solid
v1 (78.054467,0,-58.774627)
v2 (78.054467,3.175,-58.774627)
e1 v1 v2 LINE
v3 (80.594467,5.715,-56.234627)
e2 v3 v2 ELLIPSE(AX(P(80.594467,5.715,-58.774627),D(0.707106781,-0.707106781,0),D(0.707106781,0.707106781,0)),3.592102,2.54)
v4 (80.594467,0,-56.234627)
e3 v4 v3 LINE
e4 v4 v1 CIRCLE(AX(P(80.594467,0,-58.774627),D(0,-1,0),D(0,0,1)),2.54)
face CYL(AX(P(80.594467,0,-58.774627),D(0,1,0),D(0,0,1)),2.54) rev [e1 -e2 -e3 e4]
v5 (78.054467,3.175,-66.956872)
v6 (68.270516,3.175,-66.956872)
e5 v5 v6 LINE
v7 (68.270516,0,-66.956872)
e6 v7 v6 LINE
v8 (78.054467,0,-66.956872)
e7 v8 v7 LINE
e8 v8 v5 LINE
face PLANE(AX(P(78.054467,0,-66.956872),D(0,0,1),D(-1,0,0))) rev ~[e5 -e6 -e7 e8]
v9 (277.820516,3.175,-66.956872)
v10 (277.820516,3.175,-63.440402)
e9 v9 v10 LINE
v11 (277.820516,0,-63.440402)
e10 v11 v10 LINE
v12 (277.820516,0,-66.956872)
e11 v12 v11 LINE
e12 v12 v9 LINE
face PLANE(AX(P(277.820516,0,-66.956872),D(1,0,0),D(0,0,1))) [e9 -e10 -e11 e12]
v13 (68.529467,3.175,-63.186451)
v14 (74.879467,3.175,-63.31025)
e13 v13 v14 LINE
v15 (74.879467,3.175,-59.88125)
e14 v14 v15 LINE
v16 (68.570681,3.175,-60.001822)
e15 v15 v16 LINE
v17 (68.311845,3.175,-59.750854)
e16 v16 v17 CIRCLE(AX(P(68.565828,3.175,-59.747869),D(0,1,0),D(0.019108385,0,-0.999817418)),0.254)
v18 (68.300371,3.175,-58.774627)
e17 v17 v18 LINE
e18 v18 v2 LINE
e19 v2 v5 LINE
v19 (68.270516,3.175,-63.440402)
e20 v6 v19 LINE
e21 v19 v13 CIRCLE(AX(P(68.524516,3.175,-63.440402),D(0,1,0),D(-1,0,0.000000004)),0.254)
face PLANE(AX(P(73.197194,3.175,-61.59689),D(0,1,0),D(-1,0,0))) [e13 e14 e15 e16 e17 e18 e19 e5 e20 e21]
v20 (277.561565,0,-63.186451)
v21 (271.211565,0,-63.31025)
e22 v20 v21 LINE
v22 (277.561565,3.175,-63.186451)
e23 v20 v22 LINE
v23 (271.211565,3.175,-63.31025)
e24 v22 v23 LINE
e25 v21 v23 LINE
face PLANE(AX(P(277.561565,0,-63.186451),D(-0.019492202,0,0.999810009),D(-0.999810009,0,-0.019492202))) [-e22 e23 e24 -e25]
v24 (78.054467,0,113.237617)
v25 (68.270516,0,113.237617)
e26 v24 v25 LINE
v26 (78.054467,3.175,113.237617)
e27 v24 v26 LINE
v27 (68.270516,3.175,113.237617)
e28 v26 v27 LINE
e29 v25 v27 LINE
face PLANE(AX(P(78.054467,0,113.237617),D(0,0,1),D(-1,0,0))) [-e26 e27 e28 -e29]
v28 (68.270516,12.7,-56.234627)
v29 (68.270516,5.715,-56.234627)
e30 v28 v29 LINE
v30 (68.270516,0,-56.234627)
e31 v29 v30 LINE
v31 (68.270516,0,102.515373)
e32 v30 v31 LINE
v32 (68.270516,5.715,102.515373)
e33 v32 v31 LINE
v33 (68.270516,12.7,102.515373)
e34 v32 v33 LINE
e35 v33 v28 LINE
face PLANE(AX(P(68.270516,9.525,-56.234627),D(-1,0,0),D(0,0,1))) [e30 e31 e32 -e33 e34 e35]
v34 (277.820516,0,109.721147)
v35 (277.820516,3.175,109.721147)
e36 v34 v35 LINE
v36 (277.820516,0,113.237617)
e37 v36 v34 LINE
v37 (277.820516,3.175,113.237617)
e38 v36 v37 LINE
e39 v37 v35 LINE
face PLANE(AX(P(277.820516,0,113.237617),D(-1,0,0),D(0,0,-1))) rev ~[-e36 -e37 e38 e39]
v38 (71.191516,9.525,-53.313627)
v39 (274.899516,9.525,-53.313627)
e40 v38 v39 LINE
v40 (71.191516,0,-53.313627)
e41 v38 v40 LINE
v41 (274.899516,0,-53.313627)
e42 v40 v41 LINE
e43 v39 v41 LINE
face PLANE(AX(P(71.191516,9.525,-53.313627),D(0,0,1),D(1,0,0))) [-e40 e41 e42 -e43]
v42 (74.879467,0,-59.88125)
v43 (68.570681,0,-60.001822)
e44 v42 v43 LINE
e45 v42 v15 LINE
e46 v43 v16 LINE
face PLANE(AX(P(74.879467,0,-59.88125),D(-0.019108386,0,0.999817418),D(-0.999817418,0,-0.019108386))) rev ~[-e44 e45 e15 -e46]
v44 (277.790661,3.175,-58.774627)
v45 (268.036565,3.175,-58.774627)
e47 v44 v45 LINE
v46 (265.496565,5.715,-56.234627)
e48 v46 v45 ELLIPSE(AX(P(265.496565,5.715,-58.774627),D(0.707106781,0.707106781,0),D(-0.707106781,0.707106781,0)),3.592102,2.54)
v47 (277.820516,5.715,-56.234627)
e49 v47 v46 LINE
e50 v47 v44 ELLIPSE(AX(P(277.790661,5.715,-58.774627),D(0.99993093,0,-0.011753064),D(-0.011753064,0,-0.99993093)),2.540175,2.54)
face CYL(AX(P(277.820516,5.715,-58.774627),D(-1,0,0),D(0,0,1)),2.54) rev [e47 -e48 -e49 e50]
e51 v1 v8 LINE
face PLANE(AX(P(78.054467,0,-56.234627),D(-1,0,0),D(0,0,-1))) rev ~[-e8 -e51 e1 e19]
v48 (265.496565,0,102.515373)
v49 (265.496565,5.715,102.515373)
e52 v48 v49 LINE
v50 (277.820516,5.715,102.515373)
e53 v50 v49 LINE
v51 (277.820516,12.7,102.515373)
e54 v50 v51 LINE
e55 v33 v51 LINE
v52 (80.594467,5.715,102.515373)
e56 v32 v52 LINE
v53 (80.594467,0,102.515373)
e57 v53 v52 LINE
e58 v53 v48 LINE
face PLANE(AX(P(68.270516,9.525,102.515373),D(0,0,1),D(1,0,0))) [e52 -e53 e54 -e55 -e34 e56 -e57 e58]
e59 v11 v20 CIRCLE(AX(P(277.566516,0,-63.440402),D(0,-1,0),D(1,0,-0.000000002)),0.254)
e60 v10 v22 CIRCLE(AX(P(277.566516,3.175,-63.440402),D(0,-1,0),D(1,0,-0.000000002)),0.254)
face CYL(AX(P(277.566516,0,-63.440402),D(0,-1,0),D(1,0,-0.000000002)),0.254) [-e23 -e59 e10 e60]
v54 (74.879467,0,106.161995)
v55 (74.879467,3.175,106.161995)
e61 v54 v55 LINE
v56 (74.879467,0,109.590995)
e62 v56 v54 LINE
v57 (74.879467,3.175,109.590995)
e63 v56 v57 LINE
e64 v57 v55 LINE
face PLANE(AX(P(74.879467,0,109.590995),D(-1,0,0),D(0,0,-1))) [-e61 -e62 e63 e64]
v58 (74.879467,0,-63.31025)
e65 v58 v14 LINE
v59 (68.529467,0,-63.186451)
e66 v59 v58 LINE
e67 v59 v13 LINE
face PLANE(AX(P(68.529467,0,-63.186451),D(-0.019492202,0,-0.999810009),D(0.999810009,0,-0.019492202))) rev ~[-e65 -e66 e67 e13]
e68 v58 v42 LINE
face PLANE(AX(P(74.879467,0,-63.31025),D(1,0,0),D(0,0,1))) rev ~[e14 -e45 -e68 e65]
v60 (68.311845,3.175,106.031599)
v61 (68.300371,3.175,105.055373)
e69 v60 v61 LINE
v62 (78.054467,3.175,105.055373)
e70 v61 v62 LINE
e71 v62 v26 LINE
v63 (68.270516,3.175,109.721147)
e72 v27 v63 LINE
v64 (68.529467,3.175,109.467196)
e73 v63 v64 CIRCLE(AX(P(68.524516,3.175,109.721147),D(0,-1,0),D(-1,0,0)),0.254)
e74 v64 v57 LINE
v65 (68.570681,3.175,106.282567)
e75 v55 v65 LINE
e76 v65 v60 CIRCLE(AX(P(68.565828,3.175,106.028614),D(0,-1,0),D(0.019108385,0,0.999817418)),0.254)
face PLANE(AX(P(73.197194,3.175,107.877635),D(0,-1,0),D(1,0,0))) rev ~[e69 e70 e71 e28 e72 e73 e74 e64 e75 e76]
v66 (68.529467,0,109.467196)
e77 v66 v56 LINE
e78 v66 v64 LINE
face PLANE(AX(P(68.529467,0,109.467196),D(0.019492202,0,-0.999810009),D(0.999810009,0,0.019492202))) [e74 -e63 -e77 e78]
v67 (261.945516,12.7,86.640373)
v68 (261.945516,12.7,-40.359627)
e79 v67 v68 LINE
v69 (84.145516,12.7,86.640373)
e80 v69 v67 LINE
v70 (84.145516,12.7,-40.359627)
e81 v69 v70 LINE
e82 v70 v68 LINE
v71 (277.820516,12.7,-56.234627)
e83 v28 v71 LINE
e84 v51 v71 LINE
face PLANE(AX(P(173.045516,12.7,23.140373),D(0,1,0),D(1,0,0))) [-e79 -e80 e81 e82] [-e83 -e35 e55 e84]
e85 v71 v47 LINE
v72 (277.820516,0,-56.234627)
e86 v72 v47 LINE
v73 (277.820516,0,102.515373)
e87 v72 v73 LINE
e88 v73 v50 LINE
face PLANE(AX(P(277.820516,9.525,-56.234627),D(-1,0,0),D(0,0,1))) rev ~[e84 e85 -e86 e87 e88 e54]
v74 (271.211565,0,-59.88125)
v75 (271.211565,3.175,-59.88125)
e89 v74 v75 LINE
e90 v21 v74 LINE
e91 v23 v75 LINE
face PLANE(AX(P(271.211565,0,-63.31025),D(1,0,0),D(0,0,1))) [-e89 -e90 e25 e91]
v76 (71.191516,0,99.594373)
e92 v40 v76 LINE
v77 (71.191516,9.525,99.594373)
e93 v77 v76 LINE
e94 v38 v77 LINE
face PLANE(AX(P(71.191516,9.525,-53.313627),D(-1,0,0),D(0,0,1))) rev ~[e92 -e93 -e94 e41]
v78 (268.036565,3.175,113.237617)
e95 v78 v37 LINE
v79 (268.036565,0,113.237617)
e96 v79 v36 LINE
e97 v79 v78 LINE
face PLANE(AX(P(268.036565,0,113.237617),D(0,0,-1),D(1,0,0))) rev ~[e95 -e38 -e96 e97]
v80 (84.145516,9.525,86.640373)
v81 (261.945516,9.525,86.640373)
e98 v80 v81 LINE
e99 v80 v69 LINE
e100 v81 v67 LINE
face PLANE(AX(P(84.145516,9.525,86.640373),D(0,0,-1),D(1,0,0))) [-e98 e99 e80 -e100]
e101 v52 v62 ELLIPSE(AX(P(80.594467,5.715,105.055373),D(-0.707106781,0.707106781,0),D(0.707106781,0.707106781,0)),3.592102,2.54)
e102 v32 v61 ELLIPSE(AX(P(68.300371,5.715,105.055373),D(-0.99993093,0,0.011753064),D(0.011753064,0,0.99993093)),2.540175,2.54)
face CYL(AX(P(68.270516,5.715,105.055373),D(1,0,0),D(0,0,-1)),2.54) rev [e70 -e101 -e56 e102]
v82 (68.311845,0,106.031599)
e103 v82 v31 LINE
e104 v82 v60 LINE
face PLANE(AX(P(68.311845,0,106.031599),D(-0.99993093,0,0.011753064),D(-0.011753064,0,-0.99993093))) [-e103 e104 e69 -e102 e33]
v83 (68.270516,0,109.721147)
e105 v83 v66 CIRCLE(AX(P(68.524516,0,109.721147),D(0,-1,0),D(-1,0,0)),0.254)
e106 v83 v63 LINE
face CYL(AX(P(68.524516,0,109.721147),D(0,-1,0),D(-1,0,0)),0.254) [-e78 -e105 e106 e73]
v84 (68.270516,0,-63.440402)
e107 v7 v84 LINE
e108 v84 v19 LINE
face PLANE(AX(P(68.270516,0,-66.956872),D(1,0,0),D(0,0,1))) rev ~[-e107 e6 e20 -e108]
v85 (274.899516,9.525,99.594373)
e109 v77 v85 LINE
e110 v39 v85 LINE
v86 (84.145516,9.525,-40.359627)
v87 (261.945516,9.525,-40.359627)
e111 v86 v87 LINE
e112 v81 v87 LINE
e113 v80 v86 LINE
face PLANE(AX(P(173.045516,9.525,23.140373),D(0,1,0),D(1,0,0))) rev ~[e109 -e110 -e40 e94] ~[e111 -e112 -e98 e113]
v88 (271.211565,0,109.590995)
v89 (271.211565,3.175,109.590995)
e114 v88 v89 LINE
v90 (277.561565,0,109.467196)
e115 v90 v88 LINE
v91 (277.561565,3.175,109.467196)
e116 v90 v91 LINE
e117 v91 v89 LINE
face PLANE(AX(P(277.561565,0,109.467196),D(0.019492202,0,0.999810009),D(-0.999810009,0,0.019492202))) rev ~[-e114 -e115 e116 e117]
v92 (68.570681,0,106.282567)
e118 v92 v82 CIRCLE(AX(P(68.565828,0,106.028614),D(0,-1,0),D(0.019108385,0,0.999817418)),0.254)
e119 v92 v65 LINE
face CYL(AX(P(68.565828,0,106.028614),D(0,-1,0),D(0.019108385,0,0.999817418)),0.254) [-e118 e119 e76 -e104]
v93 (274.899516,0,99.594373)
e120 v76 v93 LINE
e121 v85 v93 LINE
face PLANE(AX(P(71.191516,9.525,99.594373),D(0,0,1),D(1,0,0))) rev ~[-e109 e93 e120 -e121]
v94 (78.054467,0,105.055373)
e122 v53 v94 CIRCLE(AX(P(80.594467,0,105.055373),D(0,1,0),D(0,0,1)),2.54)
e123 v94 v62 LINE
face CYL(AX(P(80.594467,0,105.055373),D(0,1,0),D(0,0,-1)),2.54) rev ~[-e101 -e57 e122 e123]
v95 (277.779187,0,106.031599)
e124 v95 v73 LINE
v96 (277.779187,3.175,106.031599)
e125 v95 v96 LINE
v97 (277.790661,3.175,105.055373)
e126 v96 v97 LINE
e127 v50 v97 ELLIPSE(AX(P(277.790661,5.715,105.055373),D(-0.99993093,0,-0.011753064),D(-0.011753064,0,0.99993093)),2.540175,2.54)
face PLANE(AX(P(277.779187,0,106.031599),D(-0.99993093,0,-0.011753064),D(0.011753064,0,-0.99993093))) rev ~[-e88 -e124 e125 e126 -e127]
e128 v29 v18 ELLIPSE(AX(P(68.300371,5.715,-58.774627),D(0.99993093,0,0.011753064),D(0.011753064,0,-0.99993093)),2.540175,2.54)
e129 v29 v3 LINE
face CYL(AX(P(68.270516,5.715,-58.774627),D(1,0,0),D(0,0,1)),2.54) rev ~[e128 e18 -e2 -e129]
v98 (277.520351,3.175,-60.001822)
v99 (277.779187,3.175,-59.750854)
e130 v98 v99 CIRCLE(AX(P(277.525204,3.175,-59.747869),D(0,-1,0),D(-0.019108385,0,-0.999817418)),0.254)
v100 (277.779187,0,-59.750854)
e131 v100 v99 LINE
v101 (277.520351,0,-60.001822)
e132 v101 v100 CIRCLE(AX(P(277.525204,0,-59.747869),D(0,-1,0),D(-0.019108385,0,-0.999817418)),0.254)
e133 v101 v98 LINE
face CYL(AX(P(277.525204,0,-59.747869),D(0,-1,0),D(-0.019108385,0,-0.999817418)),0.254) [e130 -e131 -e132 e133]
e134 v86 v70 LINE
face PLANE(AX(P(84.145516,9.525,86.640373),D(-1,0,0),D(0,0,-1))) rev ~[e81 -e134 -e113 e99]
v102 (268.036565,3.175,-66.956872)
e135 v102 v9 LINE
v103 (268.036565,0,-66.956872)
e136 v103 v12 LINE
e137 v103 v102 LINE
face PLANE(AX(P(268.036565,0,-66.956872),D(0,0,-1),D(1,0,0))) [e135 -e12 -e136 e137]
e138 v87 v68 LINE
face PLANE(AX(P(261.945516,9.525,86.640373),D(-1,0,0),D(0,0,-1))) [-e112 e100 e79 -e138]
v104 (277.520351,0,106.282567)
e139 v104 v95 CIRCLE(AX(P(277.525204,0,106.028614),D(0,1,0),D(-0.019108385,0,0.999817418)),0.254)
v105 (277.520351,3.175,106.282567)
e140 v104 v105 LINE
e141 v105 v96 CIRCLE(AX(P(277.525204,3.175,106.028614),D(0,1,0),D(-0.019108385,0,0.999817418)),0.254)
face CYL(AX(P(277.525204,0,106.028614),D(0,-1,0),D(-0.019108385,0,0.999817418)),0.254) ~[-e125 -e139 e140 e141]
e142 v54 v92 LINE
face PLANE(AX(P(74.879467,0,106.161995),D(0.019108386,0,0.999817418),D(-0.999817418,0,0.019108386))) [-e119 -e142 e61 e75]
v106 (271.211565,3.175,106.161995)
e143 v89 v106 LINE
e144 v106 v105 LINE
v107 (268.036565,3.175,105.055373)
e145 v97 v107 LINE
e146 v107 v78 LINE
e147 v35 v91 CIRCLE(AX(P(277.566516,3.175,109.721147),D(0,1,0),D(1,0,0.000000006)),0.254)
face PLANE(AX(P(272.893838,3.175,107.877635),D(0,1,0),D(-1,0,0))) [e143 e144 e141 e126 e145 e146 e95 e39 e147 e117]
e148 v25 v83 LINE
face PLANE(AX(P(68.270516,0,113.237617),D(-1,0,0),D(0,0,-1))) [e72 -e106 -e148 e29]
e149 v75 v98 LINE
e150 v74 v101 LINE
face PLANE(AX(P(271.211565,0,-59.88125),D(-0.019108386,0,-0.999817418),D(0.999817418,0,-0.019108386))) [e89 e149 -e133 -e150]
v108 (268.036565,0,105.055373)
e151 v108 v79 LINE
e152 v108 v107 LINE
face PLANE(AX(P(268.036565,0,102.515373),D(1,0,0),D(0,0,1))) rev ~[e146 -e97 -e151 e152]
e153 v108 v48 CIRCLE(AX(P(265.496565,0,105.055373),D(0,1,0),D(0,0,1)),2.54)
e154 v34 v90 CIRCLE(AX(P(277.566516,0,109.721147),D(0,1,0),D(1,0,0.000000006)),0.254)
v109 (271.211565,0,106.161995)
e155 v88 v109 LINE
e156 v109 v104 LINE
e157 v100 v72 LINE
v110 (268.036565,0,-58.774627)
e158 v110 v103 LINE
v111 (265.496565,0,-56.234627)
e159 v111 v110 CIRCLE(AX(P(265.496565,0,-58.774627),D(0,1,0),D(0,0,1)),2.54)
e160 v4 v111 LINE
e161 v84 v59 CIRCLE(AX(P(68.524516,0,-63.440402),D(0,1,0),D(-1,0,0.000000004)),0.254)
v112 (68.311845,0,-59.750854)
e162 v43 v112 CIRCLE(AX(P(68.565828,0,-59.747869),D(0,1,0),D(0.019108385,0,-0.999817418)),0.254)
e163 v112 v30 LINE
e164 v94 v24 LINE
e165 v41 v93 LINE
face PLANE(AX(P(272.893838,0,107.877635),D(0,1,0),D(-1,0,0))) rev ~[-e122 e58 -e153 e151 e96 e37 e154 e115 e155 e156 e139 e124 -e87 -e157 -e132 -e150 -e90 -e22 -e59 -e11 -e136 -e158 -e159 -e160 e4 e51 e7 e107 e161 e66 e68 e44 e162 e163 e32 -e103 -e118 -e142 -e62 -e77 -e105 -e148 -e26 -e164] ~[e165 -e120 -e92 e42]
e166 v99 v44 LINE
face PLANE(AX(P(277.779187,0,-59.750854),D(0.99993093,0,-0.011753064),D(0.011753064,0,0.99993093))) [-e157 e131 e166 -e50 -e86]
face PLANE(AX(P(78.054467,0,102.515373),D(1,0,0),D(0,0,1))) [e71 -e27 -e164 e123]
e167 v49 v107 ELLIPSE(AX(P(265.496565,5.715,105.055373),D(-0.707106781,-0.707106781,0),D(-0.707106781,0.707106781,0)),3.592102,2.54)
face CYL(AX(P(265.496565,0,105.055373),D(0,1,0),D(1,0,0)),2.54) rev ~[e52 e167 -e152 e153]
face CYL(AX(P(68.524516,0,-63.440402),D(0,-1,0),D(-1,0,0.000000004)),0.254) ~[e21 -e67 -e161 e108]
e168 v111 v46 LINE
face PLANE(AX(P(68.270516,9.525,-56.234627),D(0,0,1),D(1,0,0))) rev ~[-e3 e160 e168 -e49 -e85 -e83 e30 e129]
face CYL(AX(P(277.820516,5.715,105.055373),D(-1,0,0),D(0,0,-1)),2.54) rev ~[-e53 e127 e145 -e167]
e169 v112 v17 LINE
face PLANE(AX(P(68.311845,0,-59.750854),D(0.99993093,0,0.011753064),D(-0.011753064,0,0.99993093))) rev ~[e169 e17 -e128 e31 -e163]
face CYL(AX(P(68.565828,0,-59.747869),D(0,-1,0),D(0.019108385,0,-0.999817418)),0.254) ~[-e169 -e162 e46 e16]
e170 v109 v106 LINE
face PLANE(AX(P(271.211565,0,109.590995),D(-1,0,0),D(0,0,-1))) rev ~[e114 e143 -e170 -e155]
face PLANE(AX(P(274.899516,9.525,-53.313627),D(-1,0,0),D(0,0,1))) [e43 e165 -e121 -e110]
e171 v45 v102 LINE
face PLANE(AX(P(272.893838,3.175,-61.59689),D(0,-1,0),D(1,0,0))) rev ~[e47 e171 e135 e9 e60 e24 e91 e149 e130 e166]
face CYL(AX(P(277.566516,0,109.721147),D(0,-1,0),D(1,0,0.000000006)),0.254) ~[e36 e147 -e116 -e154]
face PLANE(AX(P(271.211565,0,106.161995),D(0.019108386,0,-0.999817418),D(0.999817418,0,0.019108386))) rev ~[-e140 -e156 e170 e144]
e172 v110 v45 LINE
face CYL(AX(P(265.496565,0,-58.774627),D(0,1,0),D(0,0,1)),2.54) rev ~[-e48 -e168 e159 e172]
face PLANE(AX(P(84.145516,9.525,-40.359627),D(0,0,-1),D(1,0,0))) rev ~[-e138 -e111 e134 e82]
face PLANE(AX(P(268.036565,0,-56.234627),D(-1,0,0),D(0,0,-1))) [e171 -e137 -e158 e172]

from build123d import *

# Parameters (mm, degrees)
SKETCH1_W               = 209.55
SKETCH1_H               = 158.75
SKETCH1_W_2             = 177.8
SKETCH1_H_2             = 127
FRONTFACE_DEPTH         = 3.175
SKETCH3_W               = 209.55
SKETCH3_H               = 158.75
SKETCH3_W_2             = 203.708
SKETCH3_H_2             = 152.908
SIDESHELL_DEPTH         = 9.525
BOTTOMSUPPORTLOCK_DEPTH = 3.175
FILLET1_R               = 2.54


with BuildPart() as part:
    # Sketch1 → FrontFace (new body)
    with BuildSketch(Plane(origin=(0, 9.525, 0), x_dir=(1, 0, 0), z_dir=(0, 1, 0))):
        with Locations((173.045515995, -23.140372536)):
            Rectangle(SKETCH1_W, SKETCH1_H)
        with Locations((173.045515995, -23.140372536)):
            Rectangle(SKETCH1_W_2, SKETCH1_H_2, mode=Mode.SUBTRACT)
    extrude(amount=FRONTFACE_DEPTH)

    # Sketch3 → SideShell (add)
    with BuildSketch(Plane.XZ.offset(-9.525)):
        with Locations((173.045515995, 23.140372536)):
            Rectangle(SKETCH3_W, SKETCH3_H)
        with Locations((173.045515995, 23.140372536)):
            Rectangle(SKETCH3_W_2, SKETCH3_H_2, mode=Mode.SUBTRACT)
    extrude(amount=SIDESHELL_DEPTH)

    # Sketch9 → BottomSupportLock (add)
    with BuildSketch(Plane.XZ):
        with BuildLine():
            Line((277.820515995, 102.515372536), (268.036564976, 102.515372536))
            Line((268.036564976, 102.515372536), (268.036564976, 113.237616687))
            Line((268.036564976, 113.237616687), (277.820515995, 113.237616687))
            Line((277.820515995, 113.237616687), (277.820515995, 109.721147351))
            ThreePointArc((277.820515995, 109.721147351), (277.744362054, 109.539800226), (277.561564976, 109.467195608))
            Line((277.561564976, 109.467195608), (271.211564976, 109.590994612))
            Line((271.211564976, 109.590994612), (271.211564976, 106.161994612))
            Line((271.211564976, 106.161994612), (277.520350721, 106.282567338))
            ThreePointArc((277.520350721, 106.282567338), (277.702016533, 106.210968908), (277.779186707, 106.031598992))
            Line((277.779186707, 106.031598992), (277.820515995, 102.515372536))
        make_face()
        with BuildLine():
            Line((277.779186707, -59.750853919), (277.820515995, -56.234627464))
            Line((277.820515995, -56.234627464), (268.036564976, -56.234627464))
            Line((268.036564976, -56.234627464), (268.036564976, -66.956871614))
            Line((268.036564976, -66.956871614), (277.820515995, -66.956871614))
            Line((277.820515995, -66.956871614), (277.820515995, -63.440402278))
            ThreePointArc((277.820515995, -63.440402278), (277.744362054, -63.259055154), (277.561564976, -63.186450536))
            Line((277.561564976, -63.186450536), (271.211564976, -63.310249539))
            Line((271.211564976, -63.310249539), (271.211564976, -59.881249539))
            Line((271.211564976, -59.881249539), (277.520350721, -60.001822265))
            ThreePointArc((277.520350721, -60.001822265), (277.702016533, -59.930223835), (277.779186707, -59.750853919))
        make_face()
        with BuildLine():
            Line((68.270515995, -56.234627464), (78.054467015, -56.234627464))
            Line((78.054467015, -56.234627464), (78.054467015, -66.956871614))
            Line((78.054467015, -66.956871614), (68.270515995, -66.956871614))
            Line((68.270515995, -66.956871614), (68.270515995, -63.440402278))
            ThreePointArc((68.270515995, -63.440402278), (68.346669937, -63.259055154), (68.529467015, -63.186450536))
            Line((68.529467015, -63.186450536), (74.879467015, -63.310249539))
            Line((74.879467015, -63.310249539), (74.879467015, -59.881249539))
            Line((74.879467015, -59.881249539), (68.57068127, -60.001822265))
            ThreePointArc((68.57068127, -60.001822265), (68.389015458, -59.930223835), (68.311845284, -59.750853919))
            Line((68.311845284, -59.750853919), (68.270515995, -56.234627464))
        make_face()
        with BuildLine():
            Line((68.311845284, 106.031598992), (68.270515995, 102.515372536))
            Line((68.270515995, 102.515372536), (78.054467015, 102.515372536))
            Line((78.054467015, 102.515372536), (78.054467015, 113.237616687))
            Line((78.054467015, 113.237616687), (68.270515995, 113.237616687))
            Line((68.270515995, 113.237616687), (68.270515995, 109.721147351))
            ThreePointArc((68.270515995, 109.721147351), (68.346669937, 109.539800226), (68.529467015, 109.467195608))
            Line((68.529467015, 109.467195608), (74.879467015, 109.590994612))
            Line((74.879467015, 109.590994612), (74.879467015, 106.161994612))
            Line((74.879467015, 106.161994612), (68.57068127, 106.282567338))
            ThreePointArc((68.57068127, 106.282567338), (68.389015458, 106.210968908), (68.311845284, 106.031598992))
        make_face()
    extrude(amount=-BOTTOMSUPPORTLOCK_DEPTH)

    # Fillet1
    fillet1_edges = [part.edges().sort_by_distance(p)[0] for p in [
        (73.162491505, 3.175, 102.515372536),
        (78.054467015, 1.5875, 102.515372536),
        (272.928540486, 3.175, 102.515372536),
        (268.036564976, 1.5875, 102.515372536),
        (272.928540486, 3.175, -56.234627464),
        (268.036564976, 1.5875, -56.234627464),
        (73.162491505, 3.175, -56.234627464),
        (78.054467015, 1.5875, -56.234627464),
    ]]
    fillet(fillet1_edges, radius=FILLET1_R)


solid = part.part
